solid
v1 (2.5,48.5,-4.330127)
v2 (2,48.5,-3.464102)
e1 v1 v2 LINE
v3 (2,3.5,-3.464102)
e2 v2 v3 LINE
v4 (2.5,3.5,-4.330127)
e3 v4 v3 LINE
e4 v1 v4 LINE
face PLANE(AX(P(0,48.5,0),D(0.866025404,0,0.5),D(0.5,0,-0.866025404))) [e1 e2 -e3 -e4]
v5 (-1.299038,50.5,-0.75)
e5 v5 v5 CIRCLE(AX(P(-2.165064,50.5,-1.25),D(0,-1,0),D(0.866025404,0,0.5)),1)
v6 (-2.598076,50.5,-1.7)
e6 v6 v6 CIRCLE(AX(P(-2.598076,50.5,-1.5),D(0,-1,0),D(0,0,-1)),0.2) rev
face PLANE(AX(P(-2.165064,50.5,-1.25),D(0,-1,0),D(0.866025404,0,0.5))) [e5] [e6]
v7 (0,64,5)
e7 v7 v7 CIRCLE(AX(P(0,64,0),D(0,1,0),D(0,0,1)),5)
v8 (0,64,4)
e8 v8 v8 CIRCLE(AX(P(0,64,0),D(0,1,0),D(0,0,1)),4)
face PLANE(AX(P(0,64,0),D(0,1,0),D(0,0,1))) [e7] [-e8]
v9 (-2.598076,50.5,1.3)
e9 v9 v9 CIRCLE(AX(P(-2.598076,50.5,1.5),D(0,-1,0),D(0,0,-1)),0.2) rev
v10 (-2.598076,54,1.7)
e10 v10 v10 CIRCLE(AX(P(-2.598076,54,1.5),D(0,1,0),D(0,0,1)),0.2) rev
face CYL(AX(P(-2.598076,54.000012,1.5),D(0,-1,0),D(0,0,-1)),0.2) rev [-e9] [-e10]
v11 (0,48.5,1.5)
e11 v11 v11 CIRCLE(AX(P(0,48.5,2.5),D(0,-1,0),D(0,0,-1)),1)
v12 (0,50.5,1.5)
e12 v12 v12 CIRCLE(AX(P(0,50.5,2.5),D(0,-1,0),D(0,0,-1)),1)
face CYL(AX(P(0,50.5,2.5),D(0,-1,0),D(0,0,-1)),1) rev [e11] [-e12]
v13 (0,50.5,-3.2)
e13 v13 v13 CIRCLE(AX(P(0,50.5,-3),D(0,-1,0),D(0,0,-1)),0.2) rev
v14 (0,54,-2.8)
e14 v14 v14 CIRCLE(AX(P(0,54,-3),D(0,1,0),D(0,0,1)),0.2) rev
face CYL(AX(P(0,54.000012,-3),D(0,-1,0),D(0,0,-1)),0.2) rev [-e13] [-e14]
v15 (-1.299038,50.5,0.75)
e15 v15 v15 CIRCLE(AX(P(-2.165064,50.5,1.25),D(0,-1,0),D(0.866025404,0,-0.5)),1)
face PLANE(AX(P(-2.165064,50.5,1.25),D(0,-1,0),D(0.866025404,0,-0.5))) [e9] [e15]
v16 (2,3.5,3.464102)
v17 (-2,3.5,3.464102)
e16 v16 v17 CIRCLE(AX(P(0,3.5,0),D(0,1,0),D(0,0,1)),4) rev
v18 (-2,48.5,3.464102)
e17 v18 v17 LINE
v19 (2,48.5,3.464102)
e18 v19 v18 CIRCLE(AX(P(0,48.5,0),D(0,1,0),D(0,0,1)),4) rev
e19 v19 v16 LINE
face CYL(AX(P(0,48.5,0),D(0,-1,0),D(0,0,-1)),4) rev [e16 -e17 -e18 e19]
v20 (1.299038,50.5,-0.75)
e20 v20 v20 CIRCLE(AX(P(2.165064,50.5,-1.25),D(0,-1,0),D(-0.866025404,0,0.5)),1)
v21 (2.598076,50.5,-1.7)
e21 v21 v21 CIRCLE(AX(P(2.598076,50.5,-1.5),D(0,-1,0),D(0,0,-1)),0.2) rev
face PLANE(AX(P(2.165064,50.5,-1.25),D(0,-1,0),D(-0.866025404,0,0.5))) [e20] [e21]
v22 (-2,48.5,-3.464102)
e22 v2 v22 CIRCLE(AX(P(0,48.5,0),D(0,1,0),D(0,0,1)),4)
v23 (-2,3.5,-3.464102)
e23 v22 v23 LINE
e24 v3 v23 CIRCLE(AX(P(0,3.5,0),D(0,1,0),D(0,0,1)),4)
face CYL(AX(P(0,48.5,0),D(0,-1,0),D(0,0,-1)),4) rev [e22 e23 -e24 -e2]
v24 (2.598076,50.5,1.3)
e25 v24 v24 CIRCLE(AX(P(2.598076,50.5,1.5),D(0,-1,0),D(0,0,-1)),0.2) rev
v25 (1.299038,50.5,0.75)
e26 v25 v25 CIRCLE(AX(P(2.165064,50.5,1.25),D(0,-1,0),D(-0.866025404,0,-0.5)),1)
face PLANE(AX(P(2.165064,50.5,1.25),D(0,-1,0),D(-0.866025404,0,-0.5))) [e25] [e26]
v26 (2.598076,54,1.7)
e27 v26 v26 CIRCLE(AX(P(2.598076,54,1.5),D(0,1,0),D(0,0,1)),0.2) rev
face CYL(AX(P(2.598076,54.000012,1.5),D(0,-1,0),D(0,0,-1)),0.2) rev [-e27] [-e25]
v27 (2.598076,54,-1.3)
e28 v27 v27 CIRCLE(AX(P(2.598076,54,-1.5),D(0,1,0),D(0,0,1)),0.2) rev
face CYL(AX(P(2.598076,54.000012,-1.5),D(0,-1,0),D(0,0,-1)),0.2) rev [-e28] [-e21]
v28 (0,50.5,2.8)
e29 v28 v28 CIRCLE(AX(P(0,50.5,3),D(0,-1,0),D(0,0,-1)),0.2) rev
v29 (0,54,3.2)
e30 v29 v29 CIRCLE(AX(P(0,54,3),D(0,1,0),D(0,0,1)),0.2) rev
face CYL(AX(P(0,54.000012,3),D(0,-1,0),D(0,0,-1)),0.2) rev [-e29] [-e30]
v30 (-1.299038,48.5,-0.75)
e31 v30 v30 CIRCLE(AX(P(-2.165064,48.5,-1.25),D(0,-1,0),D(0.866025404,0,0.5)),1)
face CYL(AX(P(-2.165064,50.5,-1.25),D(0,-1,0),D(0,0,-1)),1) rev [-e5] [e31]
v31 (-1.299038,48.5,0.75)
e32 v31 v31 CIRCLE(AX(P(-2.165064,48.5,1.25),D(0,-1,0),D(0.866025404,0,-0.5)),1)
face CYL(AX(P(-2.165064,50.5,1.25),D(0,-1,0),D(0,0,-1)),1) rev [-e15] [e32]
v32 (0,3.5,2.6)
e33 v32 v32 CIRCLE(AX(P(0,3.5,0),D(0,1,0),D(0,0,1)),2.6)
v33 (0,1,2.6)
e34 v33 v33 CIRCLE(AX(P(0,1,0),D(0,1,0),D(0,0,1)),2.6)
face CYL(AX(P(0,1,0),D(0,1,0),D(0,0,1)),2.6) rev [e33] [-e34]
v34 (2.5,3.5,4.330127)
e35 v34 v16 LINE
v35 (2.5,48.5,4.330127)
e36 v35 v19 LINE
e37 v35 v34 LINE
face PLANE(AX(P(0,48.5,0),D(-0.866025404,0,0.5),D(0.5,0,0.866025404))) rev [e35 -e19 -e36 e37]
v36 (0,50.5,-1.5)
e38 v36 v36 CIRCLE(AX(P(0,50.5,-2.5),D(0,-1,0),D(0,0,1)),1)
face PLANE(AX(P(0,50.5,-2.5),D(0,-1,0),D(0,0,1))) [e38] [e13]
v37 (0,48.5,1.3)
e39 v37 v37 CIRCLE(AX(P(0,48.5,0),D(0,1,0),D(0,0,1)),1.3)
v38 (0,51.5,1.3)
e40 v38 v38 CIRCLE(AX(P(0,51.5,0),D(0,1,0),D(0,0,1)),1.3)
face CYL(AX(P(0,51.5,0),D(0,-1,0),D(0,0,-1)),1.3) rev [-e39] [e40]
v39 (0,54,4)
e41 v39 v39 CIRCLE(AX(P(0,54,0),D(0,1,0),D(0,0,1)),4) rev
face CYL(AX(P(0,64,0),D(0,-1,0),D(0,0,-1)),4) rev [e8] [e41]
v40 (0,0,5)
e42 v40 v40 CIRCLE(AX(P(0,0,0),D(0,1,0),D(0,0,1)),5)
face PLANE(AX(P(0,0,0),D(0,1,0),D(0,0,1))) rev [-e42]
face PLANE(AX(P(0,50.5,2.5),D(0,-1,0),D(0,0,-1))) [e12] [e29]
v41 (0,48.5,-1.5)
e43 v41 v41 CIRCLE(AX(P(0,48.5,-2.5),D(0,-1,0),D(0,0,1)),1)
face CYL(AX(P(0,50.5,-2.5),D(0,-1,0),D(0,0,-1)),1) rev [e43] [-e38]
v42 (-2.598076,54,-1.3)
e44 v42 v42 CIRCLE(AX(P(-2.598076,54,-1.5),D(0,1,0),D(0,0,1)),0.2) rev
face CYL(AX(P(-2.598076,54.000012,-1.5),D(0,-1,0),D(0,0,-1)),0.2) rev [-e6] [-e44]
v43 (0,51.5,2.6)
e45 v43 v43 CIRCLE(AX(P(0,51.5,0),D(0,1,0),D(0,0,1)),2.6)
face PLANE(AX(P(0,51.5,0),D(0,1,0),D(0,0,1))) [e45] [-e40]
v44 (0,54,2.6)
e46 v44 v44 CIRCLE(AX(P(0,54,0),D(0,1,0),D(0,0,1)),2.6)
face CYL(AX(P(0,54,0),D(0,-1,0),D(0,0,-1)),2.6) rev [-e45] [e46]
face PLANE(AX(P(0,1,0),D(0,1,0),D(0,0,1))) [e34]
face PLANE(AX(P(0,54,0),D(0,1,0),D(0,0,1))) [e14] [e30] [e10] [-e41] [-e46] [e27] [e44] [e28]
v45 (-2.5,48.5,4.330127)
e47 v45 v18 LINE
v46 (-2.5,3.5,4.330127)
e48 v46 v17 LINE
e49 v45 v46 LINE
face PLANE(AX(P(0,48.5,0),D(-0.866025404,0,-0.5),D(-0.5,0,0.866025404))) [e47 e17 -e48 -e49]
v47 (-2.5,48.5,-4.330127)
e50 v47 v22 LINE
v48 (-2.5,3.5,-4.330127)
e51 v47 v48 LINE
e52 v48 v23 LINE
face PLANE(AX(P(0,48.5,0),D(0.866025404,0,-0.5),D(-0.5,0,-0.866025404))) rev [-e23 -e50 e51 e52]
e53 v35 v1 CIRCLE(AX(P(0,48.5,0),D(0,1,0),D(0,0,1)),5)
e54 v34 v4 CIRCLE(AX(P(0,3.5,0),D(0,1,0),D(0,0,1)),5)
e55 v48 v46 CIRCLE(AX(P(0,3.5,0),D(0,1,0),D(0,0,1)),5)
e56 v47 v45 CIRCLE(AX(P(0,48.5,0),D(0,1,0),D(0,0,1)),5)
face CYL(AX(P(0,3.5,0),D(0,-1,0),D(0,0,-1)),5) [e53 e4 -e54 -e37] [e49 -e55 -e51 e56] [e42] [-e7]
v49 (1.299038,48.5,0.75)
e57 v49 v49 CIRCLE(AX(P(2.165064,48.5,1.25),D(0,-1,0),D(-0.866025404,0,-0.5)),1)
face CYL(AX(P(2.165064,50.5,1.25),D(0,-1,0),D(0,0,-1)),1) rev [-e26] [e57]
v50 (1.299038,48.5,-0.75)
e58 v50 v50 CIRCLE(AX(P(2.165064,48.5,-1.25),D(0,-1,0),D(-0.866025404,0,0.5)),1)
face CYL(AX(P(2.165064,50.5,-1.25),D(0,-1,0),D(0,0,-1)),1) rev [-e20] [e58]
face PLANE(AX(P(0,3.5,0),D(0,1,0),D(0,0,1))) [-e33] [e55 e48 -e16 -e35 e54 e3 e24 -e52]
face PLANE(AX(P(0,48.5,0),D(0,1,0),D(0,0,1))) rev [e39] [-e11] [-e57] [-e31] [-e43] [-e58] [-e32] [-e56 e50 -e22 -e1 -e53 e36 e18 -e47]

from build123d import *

# Parameters (mm, degrees)
SKETCH1_R            = 5
BOSS_EXTRUDE1_DEPTH  = 3.5
SKETCH2_R            = 2.6
CUT_EXTRUDE1_DEPTH   = 2.5
BOSS_EXTRUDE2_DEPTH  = 45
SKETCH14_R           = 5
SKETCH14_R_2         = 1.3
BOSS_EXTRUDE8_DEPTH  = 3
SKETCH15_R           = 5
SKETCH15_R_2         = 2.6
BOSS_EXTRUDE9_DEPTH  = 2.5
SKETCH7_R            = 1
CUT_EXTRUDE2_DEPTH   = 2
CIRPATTERN1_COUNT    = 6
CUT_EXTRUDE3_START   = -3.5
SKETCH12_R           = 0.2
CUT_EXTRUDE3_DEPTH   = 4.5
CIRPATTERN2_COUNT    = 6
SKETCH16_R           = 5
SKETCH16_R_2         = 4
BOSS_EXTRUDE10_DEPTH = 10


with BuildPart() as part:
    # Sketch1 → Boss-Extrude1 (new body)
    with BuildSketch(Plane(origin=(0, 0, 0), x_dir=(1, 0, 0), z_dir=(0, 1, 0))):
        Circle(SKETCH1_R)
    extrude(amount=BOSS_EXTRUDE1_DEPTH)

    # Sketch2 → Cut-Extrude1 (cut)
    with BuildSketch(Plane(origin=(0, 3.5, 0), x_dir=(1, 0, 0), z_dir=(0, 1, 0))):
        Circle(SKETCH2_R)
    extrude(amount=-CUT_EXTRUDE1_DEPTH, mode=Mode.SUBTRACT)

    # Sketch3 → Boss-Extrude2 (add)
    with BuildSketch(Plane(origin=(0, 3.5, 0), x_dir=(1, 0, 0), z_dir=(0, 1, 0))):
        with BuildLine():
            ThreePointArc((-2.5, -4.330127019), (0, -5), (2.5, -4.330127019))
            Line((2.5, -4.330127019), (2, -3.464101615))
            ThreePointArc((2, -3.464101615), (0, -4), (-2, -3.464101615))
            Line((-2, -3.464101615), (-2.5, -4.330127019))
        make_face()
        with BuildLine():
            ThreePointArc((2.5, 4.330127019), (0, 5), (-2.5, 4.330127019))
            Line((-2.5, 4.330127019), (-2, 3.464101615))
            ThreePointArc((-2, 3.464101615), (0, 4), (2, 3.464101615))
            Line((2, 3.464101615), (2.5, 4.330127019))
        make_face()
    extrude(amount=BOSS_EXTRUDE2_DEPTH)

    # Sketch14 → Boss-Extrude8 (add)
    with BuildSketch(Plane(origin=(0, 48.5, 0), x_dir=(1, 0, 0), z_dir=(0, 1, 0))):
        Circle(SKETCH14_R)
        Circle(SKETCH14_R_2, mode=Mode.SUBTRACT)
    extrude(amount=BOSS_EXTRUDE8_DEPTH)

    # Sketch15 → Boss-Extrude9 (add)
    with BuildSketch(Plane(origin=(0, 51.5, 0), x_dir=(1, 0, 0), z_dir=(0, 1, 0))):
        Circle(SKETCH15_R)
        Circle(SKETCH15_R_2, mode=Mode.SUBTRACT)
    extrude(amount=BOSS_EXTRUDE9_DEPTH)

    # Sketch7 → Cut-Extrude2 (cut)
    with BuildSketch(Plane.XZ.offset(-48.5)):
        with Locations((0, 2.5)):
            Circle(SKETCH7_R)
    cut_extrude2 = extrude(amount=-CUT_EXTRUDE2_DEPTH, mode=Mode.SUBTRACT)

    # CirPattern1: Cut-Extrude2 ×6 about axis
    cirpattern1_axis = Axis((0, 0, 0), (0, 1, 0))
    for i in range(1, CIRPATTERN1_COUNT):
        add(cut_extrude2.rotate(cirpattern1_axis, i * 360 / CIRPATTERN1_COUNT), mode=Mode.SUBTRACT)

    # Sketch12 → Cut-Extrude3 (cut)
    with BuildSketch(Plane(origin=(0, 54, 0), x_dir=(1, 0, 0), z_dir=(0, 1, 0)).offset(CUT_EXTRUDE3_START)):
        with Locations((0, -3)):
            Circle(SKETCH12_R)
    cut_extrude3 = extrude(amount=CUT_EXTRUDE3_DEPTH, mode=Mode.SUBTRACT)

    # CirPattern2: Cut-Extrude3 ×6 about axis
    cirpattern2_axis = Axis((0, 0, 0), (0, 1, 0))
    for i in range(1, CIRPATTERN2_COUNT):
        add(cut_extrude3.rotate(cirpattern2_axis, i * 360 / CIRPATTERN2_COUNT), mode=Mode.SUBTRACT)

    # Sketch16 → Boss-Extrude10 (add)
    with BuildSketch(Plane(origin=(0, 54, 0), x_dir=(1, 0, 0), z_dir=(0, 1, 0))):
        Circle(SKETCH16_R)
        Circle(SKETCH16_R_2, mode=Mode.SUBTRACT)
    extrude(amount=BOSS_EXTRUDE10_DEPTH)


solid = part.part
